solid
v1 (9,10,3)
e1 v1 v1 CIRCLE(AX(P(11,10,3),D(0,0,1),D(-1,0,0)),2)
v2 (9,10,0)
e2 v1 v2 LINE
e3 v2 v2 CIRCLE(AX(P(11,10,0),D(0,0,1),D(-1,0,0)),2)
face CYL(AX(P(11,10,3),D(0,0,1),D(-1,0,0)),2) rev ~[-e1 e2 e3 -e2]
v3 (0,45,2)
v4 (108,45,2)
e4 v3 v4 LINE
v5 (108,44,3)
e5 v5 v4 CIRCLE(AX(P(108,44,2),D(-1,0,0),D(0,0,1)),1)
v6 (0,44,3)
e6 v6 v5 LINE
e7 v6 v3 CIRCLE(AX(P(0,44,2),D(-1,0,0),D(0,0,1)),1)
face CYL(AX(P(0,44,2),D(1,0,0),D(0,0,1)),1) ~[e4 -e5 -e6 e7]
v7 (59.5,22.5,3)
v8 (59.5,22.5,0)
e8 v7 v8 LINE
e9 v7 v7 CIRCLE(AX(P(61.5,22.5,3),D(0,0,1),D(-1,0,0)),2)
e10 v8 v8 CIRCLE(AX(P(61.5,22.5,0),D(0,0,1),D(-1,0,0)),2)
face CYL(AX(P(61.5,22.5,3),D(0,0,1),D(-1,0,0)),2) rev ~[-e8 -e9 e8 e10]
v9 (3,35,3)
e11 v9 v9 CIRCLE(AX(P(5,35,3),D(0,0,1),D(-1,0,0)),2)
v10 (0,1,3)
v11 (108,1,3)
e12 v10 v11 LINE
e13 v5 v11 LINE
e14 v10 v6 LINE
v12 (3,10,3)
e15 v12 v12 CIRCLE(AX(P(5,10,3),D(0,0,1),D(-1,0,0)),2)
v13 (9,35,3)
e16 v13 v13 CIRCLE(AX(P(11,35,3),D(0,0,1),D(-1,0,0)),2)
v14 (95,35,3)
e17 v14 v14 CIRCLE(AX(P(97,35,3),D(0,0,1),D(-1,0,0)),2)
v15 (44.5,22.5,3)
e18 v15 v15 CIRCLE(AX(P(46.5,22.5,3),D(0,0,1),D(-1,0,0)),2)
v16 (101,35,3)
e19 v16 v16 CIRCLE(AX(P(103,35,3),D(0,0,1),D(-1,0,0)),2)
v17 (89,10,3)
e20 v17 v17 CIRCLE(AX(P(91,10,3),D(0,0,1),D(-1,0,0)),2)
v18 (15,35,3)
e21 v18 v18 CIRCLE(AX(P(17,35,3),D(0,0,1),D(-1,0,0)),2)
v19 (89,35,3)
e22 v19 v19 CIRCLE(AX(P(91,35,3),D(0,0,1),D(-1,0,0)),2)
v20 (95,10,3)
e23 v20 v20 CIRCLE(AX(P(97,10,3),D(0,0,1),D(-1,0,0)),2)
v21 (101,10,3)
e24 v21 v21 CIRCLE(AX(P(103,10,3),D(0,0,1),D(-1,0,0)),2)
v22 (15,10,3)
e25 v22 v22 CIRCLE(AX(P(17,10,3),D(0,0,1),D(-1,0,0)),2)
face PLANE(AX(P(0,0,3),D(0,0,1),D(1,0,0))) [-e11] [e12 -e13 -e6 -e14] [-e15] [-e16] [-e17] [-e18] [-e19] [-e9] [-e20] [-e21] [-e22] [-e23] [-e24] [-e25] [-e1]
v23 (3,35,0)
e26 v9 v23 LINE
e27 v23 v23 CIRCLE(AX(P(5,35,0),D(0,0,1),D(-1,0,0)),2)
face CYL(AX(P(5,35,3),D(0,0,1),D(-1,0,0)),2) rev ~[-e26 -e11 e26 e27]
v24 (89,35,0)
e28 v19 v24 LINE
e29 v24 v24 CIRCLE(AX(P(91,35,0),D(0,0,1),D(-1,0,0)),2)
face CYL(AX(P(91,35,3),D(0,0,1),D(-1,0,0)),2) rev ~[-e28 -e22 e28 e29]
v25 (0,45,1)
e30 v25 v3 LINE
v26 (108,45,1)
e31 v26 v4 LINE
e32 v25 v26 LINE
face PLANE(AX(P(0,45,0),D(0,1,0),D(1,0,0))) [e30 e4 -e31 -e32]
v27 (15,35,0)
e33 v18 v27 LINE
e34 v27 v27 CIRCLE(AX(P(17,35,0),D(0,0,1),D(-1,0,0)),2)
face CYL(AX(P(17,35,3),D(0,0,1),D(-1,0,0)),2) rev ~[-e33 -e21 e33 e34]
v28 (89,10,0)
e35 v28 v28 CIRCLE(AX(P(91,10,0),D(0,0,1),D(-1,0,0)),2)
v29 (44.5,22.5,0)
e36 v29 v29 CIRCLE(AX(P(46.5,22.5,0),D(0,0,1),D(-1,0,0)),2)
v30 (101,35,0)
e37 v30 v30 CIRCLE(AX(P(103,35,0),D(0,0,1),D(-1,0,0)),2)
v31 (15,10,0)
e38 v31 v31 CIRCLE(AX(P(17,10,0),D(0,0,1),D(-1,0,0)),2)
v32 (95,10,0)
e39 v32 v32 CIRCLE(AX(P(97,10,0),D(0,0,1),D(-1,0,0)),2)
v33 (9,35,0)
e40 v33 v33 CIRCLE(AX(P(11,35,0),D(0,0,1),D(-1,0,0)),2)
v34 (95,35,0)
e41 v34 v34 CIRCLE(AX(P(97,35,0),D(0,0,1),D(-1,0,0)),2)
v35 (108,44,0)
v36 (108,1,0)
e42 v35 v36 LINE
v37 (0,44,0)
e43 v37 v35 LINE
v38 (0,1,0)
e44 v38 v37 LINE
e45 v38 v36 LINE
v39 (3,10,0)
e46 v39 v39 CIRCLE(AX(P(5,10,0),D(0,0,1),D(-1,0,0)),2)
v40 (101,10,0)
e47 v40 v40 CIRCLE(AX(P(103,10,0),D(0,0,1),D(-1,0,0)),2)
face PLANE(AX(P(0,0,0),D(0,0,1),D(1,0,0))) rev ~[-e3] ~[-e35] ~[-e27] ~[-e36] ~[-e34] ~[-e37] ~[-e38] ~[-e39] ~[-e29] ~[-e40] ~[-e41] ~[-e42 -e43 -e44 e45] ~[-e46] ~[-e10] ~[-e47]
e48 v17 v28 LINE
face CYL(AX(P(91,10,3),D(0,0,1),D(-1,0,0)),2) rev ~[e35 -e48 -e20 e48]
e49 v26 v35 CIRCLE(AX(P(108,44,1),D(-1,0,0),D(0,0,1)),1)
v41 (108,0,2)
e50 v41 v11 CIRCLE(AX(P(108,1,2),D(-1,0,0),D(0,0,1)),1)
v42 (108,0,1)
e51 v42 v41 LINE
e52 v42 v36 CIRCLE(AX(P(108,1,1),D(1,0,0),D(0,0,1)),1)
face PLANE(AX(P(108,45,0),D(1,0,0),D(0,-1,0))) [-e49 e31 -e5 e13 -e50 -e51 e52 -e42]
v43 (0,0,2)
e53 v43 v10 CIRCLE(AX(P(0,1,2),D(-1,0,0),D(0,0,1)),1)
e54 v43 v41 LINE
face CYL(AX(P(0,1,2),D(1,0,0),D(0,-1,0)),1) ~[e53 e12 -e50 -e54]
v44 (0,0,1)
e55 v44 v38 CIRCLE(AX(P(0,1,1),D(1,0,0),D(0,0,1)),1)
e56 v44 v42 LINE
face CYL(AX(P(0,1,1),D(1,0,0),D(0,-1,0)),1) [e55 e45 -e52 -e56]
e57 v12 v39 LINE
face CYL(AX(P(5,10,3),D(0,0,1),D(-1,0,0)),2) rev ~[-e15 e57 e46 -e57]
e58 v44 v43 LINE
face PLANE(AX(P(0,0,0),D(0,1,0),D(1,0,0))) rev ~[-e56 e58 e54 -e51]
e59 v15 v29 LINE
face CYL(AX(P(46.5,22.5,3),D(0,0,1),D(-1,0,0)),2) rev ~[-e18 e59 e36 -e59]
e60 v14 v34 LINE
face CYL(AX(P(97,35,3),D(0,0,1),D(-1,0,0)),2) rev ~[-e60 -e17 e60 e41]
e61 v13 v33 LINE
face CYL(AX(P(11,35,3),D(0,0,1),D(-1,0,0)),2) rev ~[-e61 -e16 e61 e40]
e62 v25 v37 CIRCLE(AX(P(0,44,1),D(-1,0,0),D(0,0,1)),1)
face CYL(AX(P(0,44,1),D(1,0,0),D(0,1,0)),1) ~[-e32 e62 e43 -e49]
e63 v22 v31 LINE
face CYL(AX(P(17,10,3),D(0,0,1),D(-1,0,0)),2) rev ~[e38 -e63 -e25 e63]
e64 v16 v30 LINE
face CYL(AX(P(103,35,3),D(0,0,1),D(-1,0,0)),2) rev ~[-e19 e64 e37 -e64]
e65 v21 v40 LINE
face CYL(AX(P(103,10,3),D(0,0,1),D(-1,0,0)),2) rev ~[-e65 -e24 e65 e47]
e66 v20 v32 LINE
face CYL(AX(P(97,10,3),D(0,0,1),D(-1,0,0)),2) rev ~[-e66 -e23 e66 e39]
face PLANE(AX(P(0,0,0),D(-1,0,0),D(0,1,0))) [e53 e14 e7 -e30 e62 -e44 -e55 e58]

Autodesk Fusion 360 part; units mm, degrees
sketch "Sketch7" plane through (0, 0, 0) normal (0, 0, 1) x (1, 0, 0)
  line L0 (0, 0) -> (108, 0)
  line L1 (0, 0) -> (0, 45)
  line L2 (0, 45) -> (108, 45)
  line L3 (108, 45) -> (108, 0)
  dimension "d135" = 108
  dimension "d136" = 45
extrude "Extrude7" add sketch "Sketch7" along normal blind 3
sketch "Sketch8" plane through (0, 0, 3) normal (0, 0, 1) x (-1, 0, 0)
  line L0 (0, 0) -> (-108, 0)
  line L1 (-108, 0) -> (-108, -45)
  line L2 (-108, -45) -> (0, -45)
  line L3 (0, -45) -> (0, 0)
  circle A0 centre (-5, -35) radius 2
  circle A1 centre (-5, -10) radius 2
  circle A2 centre (-11, -35) radius 2
  circle A3 centre (-17, -35) radius 2
  circle A4 centre (-11, -10) radius 2
  circle A5 centre (-17, -10) radius 2
  circle A6 centre (-46.5, -22.5) radius 2
  circle A7 centre (-103, -35) radius 2
  circle A8 centre (-103, -10) radius 2
  circle A9 centre (-97, -10) radius 2
  circle A10 centre (-91, -10) radius 2
  circle A11 centre (-91, -35) radius 2
  circle A12 centre (-97, -35) radius 2
  circle A13 centre (-61.5, -22.5) radius 2
  dimension "d142" = 6
  dimension "d143" = 6
  dimension "d144" = 6
  dimension "d145" = 6
  dimension "d146" = 4
  dimension "d147" = 4
  dimension "d148" = 4
  dimension "d149" = 4
  dimension "d150" = 4
  dimension "d151" = 4
  dimension "d153" = 4
extrude "Extrude8" cut sketch "Sketch8" against normal blind 3 contours A0 | A1 | A2 | A3 | A4 | A5 | A6 | A7 | A8 | A9 | A10 | A11 | A12 | A13
fillet "Fillet13" radius 1 1 edges at (54, 0, 3)
fillet "Fillet14" radius 1 1 edges at (54, 0, 0)
fillet "Fillet15" radius 1 1 edges at (54, 45, 3)
fillet "Fillet16" radius 1 1 edges at (54, 45, 0)
